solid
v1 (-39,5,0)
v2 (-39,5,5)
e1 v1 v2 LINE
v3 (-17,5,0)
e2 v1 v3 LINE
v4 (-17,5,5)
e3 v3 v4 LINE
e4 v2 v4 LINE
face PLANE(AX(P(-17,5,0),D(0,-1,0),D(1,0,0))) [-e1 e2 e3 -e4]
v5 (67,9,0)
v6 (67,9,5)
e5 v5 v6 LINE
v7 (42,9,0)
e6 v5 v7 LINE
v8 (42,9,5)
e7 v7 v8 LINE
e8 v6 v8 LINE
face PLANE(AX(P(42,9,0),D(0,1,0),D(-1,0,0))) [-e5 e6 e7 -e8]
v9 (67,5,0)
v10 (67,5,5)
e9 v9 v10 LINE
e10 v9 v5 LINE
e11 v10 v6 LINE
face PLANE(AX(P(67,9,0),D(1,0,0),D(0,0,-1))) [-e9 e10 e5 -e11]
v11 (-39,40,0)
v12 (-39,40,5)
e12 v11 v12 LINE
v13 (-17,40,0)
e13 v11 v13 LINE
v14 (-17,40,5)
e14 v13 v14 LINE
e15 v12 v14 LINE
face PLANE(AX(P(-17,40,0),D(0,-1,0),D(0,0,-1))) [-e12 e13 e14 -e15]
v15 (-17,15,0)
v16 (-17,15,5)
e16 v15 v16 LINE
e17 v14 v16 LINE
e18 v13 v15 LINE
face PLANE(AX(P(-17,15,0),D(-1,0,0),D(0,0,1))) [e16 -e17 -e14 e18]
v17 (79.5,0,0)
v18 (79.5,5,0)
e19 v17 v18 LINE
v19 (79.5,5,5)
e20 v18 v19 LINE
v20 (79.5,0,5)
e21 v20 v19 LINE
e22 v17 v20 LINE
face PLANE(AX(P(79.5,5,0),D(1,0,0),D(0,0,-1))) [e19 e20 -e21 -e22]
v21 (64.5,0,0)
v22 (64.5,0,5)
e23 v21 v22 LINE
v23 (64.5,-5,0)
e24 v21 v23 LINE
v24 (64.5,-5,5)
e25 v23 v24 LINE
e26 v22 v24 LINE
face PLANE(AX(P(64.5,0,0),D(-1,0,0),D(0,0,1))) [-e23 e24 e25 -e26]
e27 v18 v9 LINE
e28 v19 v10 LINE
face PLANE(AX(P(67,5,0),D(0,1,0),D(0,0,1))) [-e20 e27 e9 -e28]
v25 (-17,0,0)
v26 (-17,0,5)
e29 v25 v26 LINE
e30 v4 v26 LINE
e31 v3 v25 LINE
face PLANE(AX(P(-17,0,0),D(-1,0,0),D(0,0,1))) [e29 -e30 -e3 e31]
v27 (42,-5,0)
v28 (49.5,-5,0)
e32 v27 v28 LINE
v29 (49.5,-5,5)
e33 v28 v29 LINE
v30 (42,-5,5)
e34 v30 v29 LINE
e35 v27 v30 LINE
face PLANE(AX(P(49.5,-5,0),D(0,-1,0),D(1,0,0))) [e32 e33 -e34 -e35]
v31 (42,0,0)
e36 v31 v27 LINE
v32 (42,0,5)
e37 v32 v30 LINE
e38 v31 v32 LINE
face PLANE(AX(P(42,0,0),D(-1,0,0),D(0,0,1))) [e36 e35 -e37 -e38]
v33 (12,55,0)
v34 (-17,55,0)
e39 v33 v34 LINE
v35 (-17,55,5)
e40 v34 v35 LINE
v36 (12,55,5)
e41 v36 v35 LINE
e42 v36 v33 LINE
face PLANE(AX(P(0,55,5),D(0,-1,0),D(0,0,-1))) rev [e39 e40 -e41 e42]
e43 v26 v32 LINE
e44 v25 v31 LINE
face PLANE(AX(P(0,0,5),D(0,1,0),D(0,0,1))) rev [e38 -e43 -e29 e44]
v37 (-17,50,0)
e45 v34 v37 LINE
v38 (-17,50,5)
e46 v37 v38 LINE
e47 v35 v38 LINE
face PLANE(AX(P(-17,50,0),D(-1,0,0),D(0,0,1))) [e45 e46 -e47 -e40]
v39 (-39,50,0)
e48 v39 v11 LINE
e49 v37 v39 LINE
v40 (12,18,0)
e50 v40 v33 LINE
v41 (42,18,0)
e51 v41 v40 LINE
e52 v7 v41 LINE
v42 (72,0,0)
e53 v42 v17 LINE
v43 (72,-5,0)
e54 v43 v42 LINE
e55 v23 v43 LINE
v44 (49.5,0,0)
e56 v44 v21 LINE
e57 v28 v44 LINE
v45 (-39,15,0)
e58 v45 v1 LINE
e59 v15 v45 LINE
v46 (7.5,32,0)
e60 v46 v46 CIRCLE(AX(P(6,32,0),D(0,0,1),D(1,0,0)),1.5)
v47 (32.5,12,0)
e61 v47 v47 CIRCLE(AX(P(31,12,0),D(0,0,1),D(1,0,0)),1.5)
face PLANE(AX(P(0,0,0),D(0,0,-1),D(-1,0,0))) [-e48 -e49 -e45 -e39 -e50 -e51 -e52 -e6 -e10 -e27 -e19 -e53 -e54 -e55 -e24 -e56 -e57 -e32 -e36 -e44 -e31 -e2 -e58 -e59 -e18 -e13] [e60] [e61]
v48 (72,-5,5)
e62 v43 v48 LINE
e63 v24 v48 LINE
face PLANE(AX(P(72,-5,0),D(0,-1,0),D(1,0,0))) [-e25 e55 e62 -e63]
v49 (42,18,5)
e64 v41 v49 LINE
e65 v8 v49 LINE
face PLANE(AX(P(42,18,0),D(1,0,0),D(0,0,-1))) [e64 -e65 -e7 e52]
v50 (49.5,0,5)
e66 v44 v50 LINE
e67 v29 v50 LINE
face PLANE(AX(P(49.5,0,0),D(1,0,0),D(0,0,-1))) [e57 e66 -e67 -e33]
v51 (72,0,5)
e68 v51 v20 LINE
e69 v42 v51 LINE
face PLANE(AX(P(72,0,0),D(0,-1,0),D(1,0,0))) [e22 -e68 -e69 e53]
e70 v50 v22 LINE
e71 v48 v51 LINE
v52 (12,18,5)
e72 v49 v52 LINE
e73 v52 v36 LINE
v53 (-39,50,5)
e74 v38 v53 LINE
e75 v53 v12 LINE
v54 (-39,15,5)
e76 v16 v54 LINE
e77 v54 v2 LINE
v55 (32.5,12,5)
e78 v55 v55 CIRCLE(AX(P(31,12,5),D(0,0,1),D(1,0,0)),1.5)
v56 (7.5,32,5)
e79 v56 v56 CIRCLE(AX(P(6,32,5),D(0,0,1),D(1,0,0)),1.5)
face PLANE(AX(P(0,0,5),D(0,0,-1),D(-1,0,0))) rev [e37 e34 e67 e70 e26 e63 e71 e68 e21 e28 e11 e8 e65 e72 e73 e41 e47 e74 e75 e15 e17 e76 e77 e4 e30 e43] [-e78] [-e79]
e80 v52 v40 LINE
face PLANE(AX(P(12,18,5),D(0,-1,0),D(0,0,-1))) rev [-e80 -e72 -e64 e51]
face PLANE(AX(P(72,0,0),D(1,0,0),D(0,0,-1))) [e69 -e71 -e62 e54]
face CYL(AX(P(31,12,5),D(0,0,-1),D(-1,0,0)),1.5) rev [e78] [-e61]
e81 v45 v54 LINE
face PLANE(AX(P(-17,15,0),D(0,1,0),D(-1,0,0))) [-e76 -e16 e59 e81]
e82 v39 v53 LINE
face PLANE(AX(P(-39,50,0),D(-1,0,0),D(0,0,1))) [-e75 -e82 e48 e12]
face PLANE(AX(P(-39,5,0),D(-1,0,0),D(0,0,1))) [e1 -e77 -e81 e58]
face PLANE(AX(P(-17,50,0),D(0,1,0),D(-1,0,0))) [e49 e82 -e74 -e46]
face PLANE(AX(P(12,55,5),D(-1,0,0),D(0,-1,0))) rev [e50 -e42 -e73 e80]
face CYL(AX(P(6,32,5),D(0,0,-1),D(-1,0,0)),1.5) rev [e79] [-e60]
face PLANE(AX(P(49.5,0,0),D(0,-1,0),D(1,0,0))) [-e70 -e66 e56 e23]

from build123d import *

# Parameters (mm, degrees)
ESQUISSE1_R        = 1.5
BOSS_EXTRU_1_DEPTH = 5
BOSS_EXTRU_2_DEPTH = 5


with BuildPart() as part:
    # Esquisse1 → Boss.-Extru.1 (new body)
    with BuildSketch(Plane.XY):
        Polygon((0, 0), (37, 0), (37, 18), (12, 18), (12, 55), (0, 55), align=None)
        with Locations((6, 32)):
            Circle(ESQUISSE1_R, mode=Mode.SUBTRACT)
        with Locations((31, 12)):
            Circle(ESQUISSE1_R, mode=Mode.SUBTRACT)
    extrude(amount=BOSS_EXTRU_1_DEPTH)

    # Esquisse2 → Boss.-Extru.2 (add)
    with BuildSketch(Plane.XY.offset(5)):
        Polygon((37, 0), (42, 0), (42, -5), (49.5, -5), (49.5, 0), (64.5, 0), (64.5, -5), (72, -5), (72, 0), (79.5, 0), (79.5, 5), (67, 5), (67, 9), (42, 9), (42, 18), (37, 18), align=None)
        Polygon((0, 0), (-17, 0), (-17, 5), (-39, 5), (-39, 15), (-17, 15), (-17, 40), (-39, 40), (-39, 50), (-17, 50), (-17, 55), (0, 55), align=None)
    extrude(amount=-BOSS_EXTRU_2_DEPTH)


solid = part.part
